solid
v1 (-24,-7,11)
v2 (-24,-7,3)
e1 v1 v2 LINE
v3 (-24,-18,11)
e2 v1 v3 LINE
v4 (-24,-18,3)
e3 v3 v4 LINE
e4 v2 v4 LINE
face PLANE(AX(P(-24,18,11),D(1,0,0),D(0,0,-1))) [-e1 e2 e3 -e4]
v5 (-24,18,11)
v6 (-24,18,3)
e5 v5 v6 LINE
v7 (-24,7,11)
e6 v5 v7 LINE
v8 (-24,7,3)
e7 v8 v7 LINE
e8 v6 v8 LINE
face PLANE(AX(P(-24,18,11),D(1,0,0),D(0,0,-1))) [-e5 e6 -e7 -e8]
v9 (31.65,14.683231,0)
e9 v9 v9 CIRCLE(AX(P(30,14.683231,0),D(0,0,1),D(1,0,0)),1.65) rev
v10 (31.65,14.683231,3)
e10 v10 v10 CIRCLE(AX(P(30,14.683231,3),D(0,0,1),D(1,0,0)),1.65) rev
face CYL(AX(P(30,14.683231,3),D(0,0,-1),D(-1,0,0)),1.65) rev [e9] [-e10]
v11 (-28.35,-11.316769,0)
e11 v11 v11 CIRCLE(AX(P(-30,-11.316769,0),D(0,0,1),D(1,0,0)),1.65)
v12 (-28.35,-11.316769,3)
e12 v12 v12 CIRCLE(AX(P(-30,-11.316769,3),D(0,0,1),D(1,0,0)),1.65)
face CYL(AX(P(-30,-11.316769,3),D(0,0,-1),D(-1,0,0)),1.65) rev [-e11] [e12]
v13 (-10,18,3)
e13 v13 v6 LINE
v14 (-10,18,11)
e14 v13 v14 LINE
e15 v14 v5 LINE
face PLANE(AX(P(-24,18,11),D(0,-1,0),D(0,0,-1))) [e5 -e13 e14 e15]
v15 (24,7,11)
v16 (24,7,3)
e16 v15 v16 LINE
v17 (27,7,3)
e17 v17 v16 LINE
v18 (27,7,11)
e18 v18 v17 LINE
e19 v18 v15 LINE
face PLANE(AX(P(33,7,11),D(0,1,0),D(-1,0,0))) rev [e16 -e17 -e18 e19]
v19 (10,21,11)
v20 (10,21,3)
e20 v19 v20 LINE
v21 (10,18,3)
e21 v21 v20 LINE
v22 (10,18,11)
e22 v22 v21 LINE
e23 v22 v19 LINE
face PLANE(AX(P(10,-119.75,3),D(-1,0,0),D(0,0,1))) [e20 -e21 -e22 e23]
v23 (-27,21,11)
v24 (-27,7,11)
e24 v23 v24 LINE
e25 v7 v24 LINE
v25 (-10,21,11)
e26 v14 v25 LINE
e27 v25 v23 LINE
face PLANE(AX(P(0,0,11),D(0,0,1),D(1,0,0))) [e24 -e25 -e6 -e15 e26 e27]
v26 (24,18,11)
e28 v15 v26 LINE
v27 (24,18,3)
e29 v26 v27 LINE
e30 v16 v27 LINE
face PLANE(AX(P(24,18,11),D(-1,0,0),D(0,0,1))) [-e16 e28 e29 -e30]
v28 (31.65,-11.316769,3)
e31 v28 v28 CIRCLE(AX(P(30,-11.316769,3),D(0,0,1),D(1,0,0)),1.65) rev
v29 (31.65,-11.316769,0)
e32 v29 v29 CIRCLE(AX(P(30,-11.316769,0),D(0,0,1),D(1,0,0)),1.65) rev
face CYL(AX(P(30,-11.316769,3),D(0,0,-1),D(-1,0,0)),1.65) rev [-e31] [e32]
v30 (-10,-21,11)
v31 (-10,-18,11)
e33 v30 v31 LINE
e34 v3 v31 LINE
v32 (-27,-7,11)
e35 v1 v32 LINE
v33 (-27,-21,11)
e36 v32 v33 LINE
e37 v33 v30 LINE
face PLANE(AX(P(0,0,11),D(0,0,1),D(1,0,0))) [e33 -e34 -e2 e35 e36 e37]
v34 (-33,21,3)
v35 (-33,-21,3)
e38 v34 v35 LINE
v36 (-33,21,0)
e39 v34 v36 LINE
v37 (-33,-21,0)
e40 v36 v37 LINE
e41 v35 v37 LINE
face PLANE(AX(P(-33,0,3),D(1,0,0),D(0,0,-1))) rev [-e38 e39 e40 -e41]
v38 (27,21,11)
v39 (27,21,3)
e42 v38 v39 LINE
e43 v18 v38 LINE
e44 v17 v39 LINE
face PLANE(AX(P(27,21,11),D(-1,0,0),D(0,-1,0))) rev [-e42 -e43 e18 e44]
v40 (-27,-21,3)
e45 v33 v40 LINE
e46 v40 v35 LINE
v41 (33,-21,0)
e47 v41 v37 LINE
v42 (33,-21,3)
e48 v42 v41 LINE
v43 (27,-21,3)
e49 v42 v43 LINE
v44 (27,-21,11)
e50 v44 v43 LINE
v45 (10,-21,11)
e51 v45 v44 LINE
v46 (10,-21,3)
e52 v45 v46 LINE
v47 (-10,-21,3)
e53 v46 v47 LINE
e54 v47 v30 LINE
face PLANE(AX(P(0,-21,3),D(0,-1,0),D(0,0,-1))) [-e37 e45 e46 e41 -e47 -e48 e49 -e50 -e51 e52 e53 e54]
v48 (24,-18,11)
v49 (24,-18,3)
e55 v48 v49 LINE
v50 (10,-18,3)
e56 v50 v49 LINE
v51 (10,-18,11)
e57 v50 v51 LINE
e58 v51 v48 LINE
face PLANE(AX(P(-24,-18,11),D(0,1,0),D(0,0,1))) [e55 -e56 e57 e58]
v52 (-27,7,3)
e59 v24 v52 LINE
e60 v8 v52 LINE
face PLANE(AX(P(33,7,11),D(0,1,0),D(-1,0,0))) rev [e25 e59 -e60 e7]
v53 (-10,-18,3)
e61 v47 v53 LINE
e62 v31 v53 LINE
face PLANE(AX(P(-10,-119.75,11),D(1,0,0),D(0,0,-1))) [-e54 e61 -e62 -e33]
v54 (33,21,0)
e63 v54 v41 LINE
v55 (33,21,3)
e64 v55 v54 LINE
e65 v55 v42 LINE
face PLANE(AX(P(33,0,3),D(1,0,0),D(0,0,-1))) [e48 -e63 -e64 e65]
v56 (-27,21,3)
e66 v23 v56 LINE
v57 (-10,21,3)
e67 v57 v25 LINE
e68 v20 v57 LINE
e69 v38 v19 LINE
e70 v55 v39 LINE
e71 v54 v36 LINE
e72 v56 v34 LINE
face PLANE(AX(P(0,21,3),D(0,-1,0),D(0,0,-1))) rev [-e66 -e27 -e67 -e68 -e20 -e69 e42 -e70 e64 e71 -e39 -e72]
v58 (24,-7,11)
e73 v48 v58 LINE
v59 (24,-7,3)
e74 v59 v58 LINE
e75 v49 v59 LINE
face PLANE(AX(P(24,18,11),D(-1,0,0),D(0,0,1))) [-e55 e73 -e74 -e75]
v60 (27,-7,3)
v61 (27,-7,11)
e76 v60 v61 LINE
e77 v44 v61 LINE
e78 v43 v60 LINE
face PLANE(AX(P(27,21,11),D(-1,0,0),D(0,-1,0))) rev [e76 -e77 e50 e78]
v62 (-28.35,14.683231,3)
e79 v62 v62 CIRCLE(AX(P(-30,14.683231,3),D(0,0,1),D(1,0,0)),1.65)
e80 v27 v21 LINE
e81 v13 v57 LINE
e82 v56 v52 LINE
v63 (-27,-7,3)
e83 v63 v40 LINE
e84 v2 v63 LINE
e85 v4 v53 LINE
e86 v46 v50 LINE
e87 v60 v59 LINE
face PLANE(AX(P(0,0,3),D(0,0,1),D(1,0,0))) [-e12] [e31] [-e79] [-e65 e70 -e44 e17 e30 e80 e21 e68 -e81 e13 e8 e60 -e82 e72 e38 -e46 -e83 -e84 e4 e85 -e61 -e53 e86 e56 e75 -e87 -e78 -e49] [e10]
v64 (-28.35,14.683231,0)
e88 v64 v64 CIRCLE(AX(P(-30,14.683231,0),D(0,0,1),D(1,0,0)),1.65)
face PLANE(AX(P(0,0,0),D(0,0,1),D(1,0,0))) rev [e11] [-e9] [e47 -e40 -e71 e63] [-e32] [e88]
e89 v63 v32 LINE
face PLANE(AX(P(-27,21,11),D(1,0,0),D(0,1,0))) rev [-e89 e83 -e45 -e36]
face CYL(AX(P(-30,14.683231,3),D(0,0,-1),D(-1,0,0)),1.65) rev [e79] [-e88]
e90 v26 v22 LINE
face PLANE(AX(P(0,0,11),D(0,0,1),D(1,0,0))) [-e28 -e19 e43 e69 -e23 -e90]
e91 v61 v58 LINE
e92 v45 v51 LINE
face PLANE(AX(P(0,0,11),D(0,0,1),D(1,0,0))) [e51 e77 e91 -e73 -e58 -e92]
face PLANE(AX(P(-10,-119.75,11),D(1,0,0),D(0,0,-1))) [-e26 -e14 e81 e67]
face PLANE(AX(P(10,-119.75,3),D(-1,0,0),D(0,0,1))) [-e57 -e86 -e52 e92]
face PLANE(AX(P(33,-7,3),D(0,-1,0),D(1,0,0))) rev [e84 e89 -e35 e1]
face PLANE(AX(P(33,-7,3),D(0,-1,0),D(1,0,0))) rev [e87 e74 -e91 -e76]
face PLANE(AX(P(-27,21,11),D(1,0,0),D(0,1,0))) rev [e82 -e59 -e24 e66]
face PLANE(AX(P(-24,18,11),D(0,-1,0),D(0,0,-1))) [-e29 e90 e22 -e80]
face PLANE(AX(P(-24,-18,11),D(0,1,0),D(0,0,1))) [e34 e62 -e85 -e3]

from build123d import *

# Parameters (mm, degrees)
SKETCH_1_R               = 1.65
EXTRUDE_3_DEPTH          = 3
SKETCH_3_W               = 54
SKETCH_3_H               = 42
SKETCH_3_W_2             = 48
SKETCH_3_H_2             = 36
EXTRUDE_4_DEPTH          = 8
CUT_EXTRUDE_1_DEPTH      = 1
CUT_EXTRUDE_1_DEPTH_BACK = 43
SKETCH_5_W               = 8
SKETCH_5_H               = 14
CUT_EXTRUDE_2_DEPTH      = 61


with BuildPart() as part:
    # 草图1 → 凸台-拉伸3 (new body)
    with BuildSketch(Plane.XY):
        Polygon((0, 21), (-30, 21), (-33, 21), (-33, -21), (33, -21), (33, 21), align=None)
        with Locations((-30, -11.316768896)):
            Circle(SKETCH_1_R, mode=Mode.SUBTRACT)
        with BuildLine():
            ThreePointArc((-30, 13.033231104), (-31.65, 14.683231104), (-30, 16.333231104))
            ThreePointArc((-30, 16.333231104), (-28.35, 14.683231104), (-30, 13.033231104))
        make_face(mode=Mode.SUBTRACT)
        with Locations((30, 14.683231104)):
            Circle(SKETCH_1_R, mode=Mode.SUBTRACT)
        with Locations((30, -11.316768896)):
            Circle(SKETCH_1_R, mode=Mode.SUBTRACT)
    extrude(amount=EXTRUDE_3_DEPTH)

    # 草图3 → 凸台-拉伸4 (add)
    with BuildSketch(Plane.XY.offset(3)):
        Rectangle(SKETCH_3_W, SKETCH_3_H)
        Rectangle(SKETCH_3_W_2, SKETCH_3_H_2, mode=Mode.SUBTRACT)
    extrude(amount=EXTRUDE_4_DEPTH)

    # 草图4 → 切除-拉伸1 (cut, two sides)
    with BuildSketch(Plane.XZ.offset(21)) as cut_extrude_1_sk:
        Polygon((-10, 109.769364085), (-10, 11), (-10, 3), (10, 3), (10, 11), (10, 109.769364085), (10, 307.308092254), (-10, 307.308092254), align=None)
    extrude(amount=CUT_EXTRUDE_1_DEPTH, mode=Mode.SUBTRACT)
    extrude(cut_extrude_1_sk.sketch, amount=-CUT_EXTRUDE_1_DEPTH_BACK, mode=Mode.SUBTRACT)

    # 草图5 → 切除-拉伸2 (cut, through all)
    with BuildSketch(Plane.ZY.offset(27)):
        with Locations((7, 0)):
            Rectangle(SKETCH_5_W, SKETCH_5_H)
    extrude(amount=-CUT_EXTRUDE_2_DEPTH, mode=Mode.SUBTRACT)


solid = part.part
